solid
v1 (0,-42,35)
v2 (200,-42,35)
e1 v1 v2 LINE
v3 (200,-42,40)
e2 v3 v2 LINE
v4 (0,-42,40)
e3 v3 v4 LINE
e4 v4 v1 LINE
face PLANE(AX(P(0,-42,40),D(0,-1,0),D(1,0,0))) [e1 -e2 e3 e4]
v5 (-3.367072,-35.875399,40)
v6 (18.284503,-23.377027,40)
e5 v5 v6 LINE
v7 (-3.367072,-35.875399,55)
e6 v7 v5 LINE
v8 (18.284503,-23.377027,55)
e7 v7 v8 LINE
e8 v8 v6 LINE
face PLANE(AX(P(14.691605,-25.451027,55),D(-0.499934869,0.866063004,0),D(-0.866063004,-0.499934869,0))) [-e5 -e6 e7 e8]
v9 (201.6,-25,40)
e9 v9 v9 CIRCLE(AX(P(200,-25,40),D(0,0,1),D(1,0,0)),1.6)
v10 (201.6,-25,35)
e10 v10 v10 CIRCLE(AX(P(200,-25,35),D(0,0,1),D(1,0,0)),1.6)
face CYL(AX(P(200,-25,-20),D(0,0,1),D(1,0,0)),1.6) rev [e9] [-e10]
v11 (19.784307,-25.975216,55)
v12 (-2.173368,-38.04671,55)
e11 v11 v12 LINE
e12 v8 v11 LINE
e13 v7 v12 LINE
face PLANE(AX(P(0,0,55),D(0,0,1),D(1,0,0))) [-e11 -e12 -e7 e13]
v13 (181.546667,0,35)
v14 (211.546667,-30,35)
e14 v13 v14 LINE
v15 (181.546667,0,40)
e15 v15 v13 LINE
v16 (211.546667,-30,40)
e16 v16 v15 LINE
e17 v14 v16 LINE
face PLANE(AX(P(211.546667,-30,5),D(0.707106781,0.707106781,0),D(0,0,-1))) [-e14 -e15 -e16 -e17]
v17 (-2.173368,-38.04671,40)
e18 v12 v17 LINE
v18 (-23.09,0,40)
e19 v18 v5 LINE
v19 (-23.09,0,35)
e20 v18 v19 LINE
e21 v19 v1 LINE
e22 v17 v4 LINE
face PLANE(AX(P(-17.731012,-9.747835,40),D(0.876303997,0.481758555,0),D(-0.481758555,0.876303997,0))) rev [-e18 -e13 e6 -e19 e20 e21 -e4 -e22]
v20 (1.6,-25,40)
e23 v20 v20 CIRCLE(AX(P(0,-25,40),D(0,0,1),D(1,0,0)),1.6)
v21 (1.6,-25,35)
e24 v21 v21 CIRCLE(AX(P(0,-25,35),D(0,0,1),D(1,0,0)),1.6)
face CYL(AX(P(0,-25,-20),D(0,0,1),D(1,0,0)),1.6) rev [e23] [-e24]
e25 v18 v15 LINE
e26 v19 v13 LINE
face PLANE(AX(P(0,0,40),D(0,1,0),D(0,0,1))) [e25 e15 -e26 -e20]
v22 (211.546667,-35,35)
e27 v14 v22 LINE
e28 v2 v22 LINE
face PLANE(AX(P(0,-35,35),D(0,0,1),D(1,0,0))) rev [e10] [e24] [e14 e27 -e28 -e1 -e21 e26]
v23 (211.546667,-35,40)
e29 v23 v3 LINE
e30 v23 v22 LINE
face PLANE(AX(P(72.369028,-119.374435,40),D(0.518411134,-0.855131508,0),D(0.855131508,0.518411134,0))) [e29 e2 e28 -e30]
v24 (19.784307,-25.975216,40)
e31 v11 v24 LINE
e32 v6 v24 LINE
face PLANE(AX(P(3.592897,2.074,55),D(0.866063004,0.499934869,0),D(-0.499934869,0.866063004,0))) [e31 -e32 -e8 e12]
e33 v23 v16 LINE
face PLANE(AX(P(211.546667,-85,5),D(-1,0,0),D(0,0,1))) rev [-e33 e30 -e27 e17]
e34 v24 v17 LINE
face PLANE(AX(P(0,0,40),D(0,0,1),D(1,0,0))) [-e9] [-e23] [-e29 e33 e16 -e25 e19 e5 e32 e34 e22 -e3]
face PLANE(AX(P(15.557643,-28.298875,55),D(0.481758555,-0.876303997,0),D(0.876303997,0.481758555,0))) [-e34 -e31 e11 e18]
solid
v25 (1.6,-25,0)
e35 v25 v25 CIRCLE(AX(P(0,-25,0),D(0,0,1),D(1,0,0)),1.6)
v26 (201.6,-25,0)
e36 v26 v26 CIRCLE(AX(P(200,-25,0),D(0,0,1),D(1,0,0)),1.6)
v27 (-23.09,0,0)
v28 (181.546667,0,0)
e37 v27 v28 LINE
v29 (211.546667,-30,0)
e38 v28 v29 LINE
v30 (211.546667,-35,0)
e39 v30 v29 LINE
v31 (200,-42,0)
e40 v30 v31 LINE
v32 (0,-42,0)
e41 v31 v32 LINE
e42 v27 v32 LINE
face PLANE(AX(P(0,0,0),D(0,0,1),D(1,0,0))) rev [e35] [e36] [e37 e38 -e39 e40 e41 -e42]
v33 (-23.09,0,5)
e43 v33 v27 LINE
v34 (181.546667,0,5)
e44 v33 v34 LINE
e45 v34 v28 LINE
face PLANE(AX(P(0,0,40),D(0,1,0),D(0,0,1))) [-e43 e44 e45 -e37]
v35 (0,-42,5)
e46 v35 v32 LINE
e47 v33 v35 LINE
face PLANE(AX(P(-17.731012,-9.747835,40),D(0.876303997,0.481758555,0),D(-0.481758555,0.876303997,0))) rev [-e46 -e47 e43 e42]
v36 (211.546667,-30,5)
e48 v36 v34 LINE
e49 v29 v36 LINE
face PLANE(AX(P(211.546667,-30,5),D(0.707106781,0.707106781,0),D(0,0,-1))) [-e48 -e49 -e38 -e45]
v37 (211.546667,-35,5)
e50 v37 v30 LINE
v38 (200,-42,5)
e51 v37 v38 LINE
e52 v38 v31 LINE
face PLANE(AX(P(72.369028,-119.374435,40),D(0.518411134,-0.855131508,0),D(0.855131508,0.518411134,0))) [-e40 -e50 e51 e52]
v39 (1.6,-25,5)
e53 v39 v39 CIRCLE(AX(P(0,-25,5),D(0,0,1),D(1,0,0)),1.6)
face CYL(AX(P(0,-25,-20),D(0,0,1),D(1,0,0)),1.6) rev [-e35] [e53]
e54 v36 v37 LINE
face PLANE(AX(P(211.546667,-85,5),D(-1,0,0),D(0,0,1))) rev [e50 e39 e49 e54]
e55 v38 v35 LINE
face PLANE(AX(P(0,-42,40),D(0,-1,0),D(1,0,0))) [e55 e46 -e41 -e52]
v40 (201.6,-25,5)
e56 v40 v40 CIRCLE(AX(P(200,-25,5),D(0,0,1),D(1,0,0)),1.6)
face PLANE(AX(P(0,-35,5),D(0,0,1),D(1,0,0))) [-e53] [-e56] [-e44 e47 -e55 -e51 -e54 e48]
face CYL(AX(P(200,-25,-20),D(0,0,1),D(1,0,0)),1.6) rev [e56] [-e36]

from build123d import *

# Parameters (mm, degrees)
SKETCH1_W           = 200
SKETCH1_H           = 42
BOSS_EXTRUDE1_DEPTH = 40
SKETCH7_W           = 292.37
SKETCH7_H           = 30
CUT_EXTRUDE1_DEPTH  = 35
SKETCH11_R          = 1.6
CUT_EXTRUDE2_DEPTH  = 60
BOSS_EXTRUDE3_DEPTH = 15
CUT_EXTRUDE3_DEPTH  = 50
CUT_EXTRUDE4_REACH  = 223.364
SKETCH16_W          = 215.395
SKETCH16_H          = 30
CHAMFER1_SIZE       = 30
CHAMFER2_SIZE       = 30


with BuildPart() as part:
    # Sketch1 → Boss-Extrude1 (new body)
    with BuildSketch(Plane.XY):
        Polygon((269.28, 0), (200, -42), (200, 0), align=None)
        with Locations((100, -21)):
            Rectangle(SKETCH1_W, SKETCH1_H)
        Polygon((0, 0), (-23.09, 0), (0, -42), align=None)
    extrude(amount=BOSS_EXTRUDE1_DEPTH)

    # Sketch7 → Cut-Extrude1 (cut)
    with BuildSketch(Plane(origin=(0, 0, 0), x_dir=(1, 0, 0), z_dir=(0, 1, 0))):
        with Locations((123.095, -20)):
            Rectangle(SKETCH7_W, SKETCH7_H)
    extrude(amount=-CUT_EXTRUDE1_DEPTH, mode=Mode.SUBTRACT)

    # Sketch11 → Cut-Extrude2 (cut)
    with BuildSketch(Plane.XY.offset(40)):
        with Locations((0, -25)):
            Circle(SKETCH11_R)
        with Locations((200, -25)):
            Circle(SKETCH11_R)
    extrude(amount=-CUT_EXTRUDE2_DEPTH, mode=Mode.SUBTRACT)

    # Sketch12 → Boss-Extrude3 (add)
    with BuildSketch(Plane.XY.offset(40)):
        Polygon((-3.367072415, -35.875398811), (-2.1733684, -38.046709709), (19.784307289, -25.975216098), (18.284502682, -23.377027086), (0.866710605, -33.431447562), align=None)
    extrude(amount=BOSS_EXTRUDE3_DEPTH)

    # Sketch15 → Cut-Extrude3 (cut, symmetric)
    with BuildSketch(Plane(origin=(0, -35, 0), x_dir=(1, 0, 0), z_dir=(0, 1, 0))):
        Polygon((211.546666667, -5), (211.546666667, 0), (269.28, 0), (269.28, -40), (211.546666667, -40), (211.546666667, -35), align=None)
    extrude(amount=CUT_EXTRUDE3_DEPTH, both=True, mode=Mode.SUBTRACT)

    # Sketch16 → Cut-Extrude4 (cut, up to next)
    with BuildSketch(Plane(origin=(0, -35, 0), x_dir=(1, 0, 0), z_dir=(0, 1, 0)), mode=Mode.PRIVATE) as cut_extrude4_sk1:
        with Locations((103.849166667, -20)):
            Rectangle(SKETCH16_W, SKETCH16_H)
    cut_extrude4_tool1 = extrude(cut_extrude4_sk1.sketch, amount=-CUT_EXTRUDE4_REACH, mode=Mode.PRIVATE) & part.part
    add(cut_extrude4_tool1.solids().sort_by_distance((103.849167, -35, 20))[0], mode=Mode.SUBTRACT)


with BuildPart() as cut_extrude4_piece_1:
    # of the separate pieces the step leaves, piece 1, a body of its own (cut_extrude4_pieces)
    add(part.part.solids().sort_by_distance((211.546666667, -35, 35))[0])

    # Chamfer1
    chamfer1_edges = [cut_extrude4_piece_1.edges().sort_by_distance(p)[0] for p in [
        (211.546666667, 0, 37.5),
    ]]
    chamfer(chamfer1_edges, length=CHAMFER1_SIZE)


with BuildPart() as cut_extrude4_piece_2:
    # of the separate pieces the step leaves, piece 2, a body of its own (cut_extrude4_pieces)
    add(part.part.solids().sort_by_distance((211.546666667, -35, 0))[0])

    # Chamfer2
    chamfer2_edges = [cut_extrude4_piece_2.edges().sort_by_distance(p)[0] for p in [
        (211.546666667, 0, 2.5),
    ]]
    chamfer(chamfer2_edges, length=CHAMFER2_SIZE)


solid = Compound([cut_extrude4_piece_1.part, cut_extrude4_piece_2.part])
